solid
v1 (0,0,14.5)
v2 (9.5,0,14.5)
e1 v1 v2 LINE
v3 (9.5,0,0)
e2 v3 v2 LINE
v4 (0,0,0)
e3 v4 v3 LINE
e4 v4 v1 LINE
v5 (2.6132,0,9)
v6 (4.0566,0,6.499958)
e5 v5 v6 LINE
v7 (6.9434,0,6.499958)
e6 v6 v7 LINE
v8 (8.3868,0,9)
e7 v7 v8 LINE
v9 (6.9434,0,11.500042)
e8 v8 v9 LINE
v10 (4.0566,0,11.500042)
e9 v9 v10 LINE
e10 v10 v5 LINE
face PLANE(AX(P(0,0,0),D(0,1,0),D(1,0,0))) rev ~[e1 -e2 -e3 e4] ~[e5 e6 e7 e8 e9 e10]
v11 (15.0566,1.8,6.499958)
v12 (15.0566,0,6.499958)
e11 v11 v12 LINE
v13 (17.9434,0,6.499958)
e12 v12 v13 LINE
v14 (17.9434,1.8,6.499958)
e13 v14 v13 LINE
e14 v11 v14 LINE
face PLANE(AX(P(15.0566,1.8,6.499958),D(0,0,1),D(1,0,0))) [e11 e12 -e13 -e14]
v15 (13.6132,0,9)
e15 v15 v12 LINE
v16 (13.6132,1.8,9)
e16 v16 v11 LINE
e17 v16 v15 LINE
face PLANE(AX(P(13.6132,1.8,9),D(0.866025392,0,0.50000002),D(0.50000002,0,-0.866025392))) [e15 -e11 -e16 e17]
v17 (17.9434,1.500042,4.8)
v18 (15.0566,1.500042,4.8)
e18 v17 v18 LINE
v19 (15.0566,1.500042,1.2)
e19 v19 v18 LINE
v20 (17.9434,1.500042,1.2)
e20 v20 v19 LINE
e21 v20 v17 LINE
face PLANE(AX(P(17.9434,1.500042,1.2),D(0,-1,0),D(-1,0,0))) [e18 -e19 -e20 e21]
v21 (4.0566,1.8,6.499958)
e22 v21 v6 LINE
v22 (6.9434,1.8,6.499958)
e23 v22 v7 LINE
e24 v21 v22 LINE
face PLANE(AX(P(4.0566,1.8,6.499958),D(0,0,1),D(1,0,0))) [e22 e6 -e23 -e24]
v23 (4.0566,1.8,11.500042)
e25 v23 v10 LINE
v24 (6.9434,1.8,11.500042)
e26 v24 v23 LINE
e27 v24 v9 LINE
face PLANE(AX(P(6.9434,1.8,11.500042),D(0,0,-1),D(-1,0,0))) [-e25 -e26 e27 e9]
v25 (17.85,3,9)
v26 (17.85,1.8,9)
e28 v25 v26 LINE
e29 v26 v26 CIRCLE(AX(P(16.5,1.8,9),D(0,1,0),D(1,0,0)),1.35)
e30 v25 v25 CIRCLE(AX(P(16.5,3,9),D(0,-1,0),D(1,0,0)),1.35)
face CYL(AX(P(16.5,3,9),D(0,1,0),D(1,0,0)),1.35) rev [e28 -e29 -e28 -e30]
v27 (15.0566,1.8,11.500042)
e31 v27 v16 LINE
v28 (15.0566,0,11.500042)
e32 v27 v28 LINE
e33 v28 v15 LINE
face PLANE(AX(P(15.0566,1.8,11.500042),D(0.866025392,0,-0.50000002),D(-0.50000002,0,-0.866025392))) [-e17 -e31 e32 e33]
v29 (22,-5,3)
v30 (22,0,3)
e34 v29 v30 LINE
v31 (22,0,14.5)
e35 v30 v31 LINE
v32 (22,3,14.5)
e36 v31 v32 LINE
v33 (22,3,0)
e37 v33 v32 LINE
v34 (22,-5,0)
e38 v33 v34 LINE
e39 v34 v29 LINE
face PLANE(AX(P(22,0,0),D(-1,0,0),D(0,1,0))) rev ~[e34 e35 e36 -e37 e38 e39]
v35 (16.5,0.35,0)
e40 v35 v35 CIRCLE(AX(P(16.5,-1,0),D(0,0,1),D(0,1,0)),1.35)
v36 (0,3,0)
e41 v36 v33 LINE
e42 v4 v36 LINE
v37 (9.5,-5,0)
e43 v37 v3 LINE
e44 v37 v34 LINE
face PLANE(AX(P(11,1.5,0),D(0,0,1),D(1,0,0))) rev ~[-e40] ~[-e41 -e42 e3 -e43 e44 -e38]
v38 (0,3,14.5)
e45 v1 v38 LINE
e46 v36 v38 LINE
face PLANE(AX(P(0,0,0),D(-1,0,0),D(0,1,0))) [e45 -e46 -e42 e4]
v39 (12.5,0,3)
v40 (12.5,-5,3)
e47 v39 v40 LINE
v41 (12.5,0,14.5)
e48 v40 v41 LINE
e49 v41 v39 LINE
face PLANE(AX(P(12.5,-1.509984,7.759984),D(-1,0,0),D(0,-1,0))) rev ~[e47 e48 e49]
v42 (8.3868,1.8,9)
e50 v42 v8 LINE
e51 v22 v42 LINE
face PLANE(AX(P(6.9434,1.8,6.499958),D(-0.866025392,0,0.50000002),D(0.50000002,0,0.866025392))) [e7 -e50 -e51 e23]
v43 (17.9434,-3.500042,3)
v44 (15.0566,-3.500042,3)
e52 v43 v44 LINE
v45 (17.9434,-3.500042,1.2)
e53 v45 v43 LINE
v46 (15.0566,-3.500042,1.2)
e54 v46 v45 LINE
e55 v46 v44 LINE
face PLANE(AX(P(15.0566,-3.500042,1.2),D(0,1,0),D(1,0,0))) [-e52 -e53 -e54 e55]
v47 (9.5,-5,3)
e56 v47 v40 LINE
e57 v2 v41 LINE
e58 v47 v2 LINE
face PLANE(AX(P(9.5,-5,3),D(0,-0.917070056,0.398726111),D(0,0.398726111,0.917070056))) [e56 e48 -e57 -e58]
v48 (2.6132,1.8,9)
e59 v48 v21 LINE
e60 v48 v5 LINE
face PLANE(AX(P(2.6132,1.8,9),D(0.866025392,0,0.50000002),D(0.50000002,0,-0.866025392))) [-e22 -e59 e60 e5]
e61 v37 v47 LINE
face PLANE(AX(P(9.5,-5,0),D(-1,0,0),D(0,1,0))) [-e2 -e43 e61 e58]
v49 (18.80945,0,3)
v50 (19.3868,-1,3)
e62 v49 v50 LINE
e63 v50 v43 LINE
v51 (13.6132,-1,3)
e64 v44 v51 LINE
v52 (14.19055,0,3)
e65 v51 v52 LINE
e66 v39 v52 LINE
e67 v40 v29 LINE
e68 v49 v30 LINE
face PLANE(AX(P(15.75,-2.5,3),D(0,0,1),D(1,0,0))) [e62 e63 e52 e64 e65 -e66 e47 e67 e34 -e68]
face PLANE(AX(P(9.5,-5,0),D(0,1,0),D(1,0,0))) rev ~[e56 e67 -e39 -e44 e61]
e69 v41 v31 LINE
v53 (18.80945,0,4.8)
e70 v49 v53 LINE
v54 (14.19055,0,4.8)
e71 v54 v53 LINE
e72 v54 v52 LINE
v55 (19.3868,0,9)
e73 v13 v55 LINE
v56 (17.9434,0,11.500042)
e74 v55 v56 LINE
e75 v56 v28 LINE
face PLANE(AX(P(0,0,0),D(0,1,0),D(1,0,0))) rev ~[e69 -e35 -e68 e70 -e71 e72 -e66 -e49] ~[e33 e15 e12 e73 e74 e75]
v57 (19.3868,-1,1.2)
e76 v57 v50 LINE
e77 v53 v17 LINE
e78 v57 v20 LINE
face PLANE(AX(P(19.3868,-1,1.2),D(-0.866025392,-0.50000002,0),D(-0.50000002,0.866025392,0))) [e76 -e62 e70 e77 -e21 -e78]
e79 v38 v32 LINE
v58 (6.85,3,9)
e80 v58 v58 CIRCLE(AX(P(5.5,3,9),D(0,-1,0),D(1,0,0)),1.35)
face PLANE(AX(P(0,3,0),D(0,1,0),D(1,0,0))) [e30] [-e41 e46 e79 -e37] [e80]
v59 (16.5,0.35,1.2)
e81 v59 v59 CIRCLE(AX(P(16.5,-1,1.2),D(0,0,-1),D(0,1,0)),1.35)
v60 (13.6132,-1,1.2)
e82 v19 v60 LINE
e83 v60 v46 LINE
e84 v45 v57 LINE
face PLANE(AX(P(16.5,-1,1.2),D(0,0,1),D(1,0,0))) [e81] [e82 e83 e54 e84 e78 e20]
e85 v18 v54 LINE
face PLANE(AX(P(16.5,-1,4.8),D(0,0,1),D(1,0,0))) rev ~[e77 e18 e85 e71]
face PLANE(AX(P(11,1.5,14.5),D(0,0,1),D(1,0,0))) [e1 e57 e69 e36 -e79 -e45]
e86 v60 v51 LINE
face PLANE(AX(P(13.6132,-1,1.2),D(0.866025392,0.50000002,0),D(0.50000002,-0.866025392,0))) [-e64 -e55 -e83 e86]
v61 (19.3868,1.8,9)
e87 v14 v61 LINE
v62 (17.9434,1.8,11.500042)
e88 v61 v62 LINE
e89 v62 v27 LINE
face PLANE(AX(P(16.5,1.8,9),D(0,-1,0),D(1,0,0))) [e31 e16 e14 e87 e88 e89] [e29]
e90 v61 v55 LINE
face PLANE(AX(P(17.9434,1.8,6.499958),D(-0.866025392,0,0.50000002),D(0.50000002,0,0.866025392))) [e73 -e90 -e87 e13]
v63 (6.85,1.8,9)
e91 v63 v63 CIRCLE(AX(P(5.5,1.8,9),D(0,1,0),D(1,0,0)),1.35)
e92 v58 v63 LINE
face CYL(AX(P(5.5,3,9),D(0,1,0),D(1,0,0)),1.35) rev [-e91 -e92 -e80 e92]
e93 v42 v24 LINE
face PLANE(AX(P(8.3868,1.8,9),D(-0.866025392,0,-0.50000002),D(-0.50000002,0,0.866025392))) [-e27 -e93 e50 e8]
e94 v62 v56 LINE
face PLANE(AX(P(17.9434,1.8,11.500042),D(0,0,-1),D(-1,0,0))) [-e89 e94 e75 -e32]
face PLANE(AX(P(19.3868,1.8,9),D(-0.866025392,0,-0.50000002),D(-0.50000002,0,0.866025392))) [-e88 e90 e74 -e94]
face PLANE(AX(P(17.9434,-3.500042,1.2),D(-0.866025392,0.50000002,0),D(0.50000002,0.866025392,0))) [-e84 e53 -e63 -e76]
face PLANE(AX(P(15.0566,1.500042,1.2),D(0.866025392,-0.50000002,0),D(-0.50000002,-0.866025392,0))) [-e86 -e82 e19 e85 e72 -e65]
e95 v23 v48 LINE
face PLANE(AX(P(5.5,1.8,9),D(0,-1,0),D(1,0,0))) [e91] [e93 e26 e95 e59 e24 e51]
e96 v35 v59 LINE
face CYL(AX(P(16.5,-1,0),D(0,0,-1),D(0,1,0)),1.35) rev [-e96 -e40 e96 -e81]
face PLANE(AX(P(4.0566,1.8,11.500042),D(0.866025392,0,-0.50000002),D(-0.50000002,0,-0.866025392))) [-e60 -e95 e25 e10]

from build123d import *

# Parameters (mm, degrees)
EXTRUDE003_DEPTH  = 3.6
CYLINDER002_R     = 1.35
CYLINDER002_DEPTH = 3
EXTRUDE002_DEPTH  = 1.8
CYLINDER003_R     = 1.35
CYLINDER003_DEPTH = 30
EXTRUDE001_DEPTH  = 1.8
CYLINDER_R        = 1.35
CYLINDER_DEPTH    = 3
BOX_W             = 22
BOX_H             = 3
BOX_DEPTH         = 14.5
BOX001_W          = 12.5
BOX001_H          = 5
BOX001_DEPTH      = 3
EXTRUDE_DEPTH     = 3


with BuildPart() as extrude003:
    # Sketch003 → Extrude003 (new body)
    with BuildSketch(Plane.XY):
        Polygon((2.8868, 0), (1.4434, 2.500042), (-1.4434, 2.500042), (-2.8868, 0), (-1.4434, -2.500042), (1.4434, -2.500042), align=None)
    extrude(amount=EXTRUDE003_DEPTH)


with BuildPart() as extrude003_1:
    # Extrude003 placement: moved
    add(extrude003.part.moved(Location((16.5, -1, 1.2))))


with BuildPart() as hole03:
    # Cylinder002 → Cylinder002 (new body)
    with BuildSketch(Plane(origin=(16.5, -1, 0), x_dir=(0, 1, 0), z_dir=(0, 0, 1))):
        Circle(CYLINDER002_R)
    extrude(amount=CYLINDER002_DEPTH)

    # Fusion002: union Extrude003
    add(extrude003_1.part)


with BuildPart() as extrude002:
    # Sketch002 → Extrude002 (new body)
    with BuildSketch(Plane(origin=(16.5, 1.8, 9), x_dir=(1, 0, 0), z_dir=(0, -1, 0))):
        Polygon((2.8868, 0), (1.4434, 2.500042), (-1.4434, 2.500042), (-2.8868, 0), (-1.4434, -2.500042), (1.4434, -2.500042), align=None)
    extrude(amount=EXTRUDE002_DEPTH)


with BuildPart() as hole02:
    # Cylinder003 → Cylinder003 (new body)
    with BuildSketch(Plane(origin=(16.5, 3, 9), x_dir=(1, 0, 0), z_dir=(0, -1, 0))):
        Circle(CYLINDER003_R)
    extrude(amount=CYLINDER003_DEPTH)

    # Fusion001: union Extrude002
    add(extrude002.part)


with BuildPart() as extrude001:
    # Sketch001 → Extrude001 (new body)
    with BuildSketch(Plane(origin=(5.5, 1.8, 9), x_dir=(1, 0, 0), z_dir=(0, -1, 0))):
        Polygon((2.8868, 0), (1.4434, 2.500042), (-1.4434, 2.500042), (-2.8868, 0), (-1.4434, -2.500042), (1.4434, -2.500042), align=None)
    extrude(amount=EXTRUDE001_DEPTH)


with BuildPart() as hole01:
    # Cylinder → Cylinder (new body)
    with BuildSketch(Plane(origin=(5.5, 3, 9), x_dir=(1, 0, 0), z_dir=(0, -1, 0))):
        Circle(CYLINDER_R)
    extrude(amount=CYLINDER_DEPTH)

    # Fusion: union Extrude001
    add(extrude001.part)


with BuildPart() as cut001:
    # Box → Box (new body)
    with BuildSketch(Plane.XY):
        with Locations((11, 1.5)):
            Rectangle(BOX_W, BOX_H)
    extrude(amount=BOX_DEPTH)

    # Cut: cut Hole01
    add(hole01.part, mode=Mode.SUBTRACT)

    # Cut001: cut Hole02
    add(hole02.part, mode=Mode.SUBTRACT)


with BuildPart() as cut002:
    # Box001 → Box001 (new body)
    with BuildSketch(Plane(origin=(9.5, -5, 0), x_dir=(1, 0, 0), z_dir=(0, 0, 1))):
        with Locations((6.25, 2.5)):
            Rectangle(BOX001_W, BOX001_H)
    extrude(amount=BOX001_DEPTH)

    # Fusion003: union Cut001
    add(cut001.part)

    # Cut002: cut Hole03
    add(hole03.part, mode=Mode.SUBTRACT)


with BuildPart() as left_hand_bracket:
    # Sketch → Extrude (new body)
    with BuildSketch(Plane(origin=(0, 0, 1.4), x_dir=(0, 1, 0), z_dir=(1, 0, 0))):
        Polygon((0, 11.5), (0, 0), (-5, 0), align=None)
    extrude(amount=EXTRUDE_DEPTH)


with BuildPart() as left_hand_bracket_1:
    # Extrude placement: moved
    add(left_hand_bracket.part.moved(Location((9.5, 0, 1.6))))

    # Fusion004: union Cut002
    add(cut002.part)


solid = left_hand_bracket_1.part
